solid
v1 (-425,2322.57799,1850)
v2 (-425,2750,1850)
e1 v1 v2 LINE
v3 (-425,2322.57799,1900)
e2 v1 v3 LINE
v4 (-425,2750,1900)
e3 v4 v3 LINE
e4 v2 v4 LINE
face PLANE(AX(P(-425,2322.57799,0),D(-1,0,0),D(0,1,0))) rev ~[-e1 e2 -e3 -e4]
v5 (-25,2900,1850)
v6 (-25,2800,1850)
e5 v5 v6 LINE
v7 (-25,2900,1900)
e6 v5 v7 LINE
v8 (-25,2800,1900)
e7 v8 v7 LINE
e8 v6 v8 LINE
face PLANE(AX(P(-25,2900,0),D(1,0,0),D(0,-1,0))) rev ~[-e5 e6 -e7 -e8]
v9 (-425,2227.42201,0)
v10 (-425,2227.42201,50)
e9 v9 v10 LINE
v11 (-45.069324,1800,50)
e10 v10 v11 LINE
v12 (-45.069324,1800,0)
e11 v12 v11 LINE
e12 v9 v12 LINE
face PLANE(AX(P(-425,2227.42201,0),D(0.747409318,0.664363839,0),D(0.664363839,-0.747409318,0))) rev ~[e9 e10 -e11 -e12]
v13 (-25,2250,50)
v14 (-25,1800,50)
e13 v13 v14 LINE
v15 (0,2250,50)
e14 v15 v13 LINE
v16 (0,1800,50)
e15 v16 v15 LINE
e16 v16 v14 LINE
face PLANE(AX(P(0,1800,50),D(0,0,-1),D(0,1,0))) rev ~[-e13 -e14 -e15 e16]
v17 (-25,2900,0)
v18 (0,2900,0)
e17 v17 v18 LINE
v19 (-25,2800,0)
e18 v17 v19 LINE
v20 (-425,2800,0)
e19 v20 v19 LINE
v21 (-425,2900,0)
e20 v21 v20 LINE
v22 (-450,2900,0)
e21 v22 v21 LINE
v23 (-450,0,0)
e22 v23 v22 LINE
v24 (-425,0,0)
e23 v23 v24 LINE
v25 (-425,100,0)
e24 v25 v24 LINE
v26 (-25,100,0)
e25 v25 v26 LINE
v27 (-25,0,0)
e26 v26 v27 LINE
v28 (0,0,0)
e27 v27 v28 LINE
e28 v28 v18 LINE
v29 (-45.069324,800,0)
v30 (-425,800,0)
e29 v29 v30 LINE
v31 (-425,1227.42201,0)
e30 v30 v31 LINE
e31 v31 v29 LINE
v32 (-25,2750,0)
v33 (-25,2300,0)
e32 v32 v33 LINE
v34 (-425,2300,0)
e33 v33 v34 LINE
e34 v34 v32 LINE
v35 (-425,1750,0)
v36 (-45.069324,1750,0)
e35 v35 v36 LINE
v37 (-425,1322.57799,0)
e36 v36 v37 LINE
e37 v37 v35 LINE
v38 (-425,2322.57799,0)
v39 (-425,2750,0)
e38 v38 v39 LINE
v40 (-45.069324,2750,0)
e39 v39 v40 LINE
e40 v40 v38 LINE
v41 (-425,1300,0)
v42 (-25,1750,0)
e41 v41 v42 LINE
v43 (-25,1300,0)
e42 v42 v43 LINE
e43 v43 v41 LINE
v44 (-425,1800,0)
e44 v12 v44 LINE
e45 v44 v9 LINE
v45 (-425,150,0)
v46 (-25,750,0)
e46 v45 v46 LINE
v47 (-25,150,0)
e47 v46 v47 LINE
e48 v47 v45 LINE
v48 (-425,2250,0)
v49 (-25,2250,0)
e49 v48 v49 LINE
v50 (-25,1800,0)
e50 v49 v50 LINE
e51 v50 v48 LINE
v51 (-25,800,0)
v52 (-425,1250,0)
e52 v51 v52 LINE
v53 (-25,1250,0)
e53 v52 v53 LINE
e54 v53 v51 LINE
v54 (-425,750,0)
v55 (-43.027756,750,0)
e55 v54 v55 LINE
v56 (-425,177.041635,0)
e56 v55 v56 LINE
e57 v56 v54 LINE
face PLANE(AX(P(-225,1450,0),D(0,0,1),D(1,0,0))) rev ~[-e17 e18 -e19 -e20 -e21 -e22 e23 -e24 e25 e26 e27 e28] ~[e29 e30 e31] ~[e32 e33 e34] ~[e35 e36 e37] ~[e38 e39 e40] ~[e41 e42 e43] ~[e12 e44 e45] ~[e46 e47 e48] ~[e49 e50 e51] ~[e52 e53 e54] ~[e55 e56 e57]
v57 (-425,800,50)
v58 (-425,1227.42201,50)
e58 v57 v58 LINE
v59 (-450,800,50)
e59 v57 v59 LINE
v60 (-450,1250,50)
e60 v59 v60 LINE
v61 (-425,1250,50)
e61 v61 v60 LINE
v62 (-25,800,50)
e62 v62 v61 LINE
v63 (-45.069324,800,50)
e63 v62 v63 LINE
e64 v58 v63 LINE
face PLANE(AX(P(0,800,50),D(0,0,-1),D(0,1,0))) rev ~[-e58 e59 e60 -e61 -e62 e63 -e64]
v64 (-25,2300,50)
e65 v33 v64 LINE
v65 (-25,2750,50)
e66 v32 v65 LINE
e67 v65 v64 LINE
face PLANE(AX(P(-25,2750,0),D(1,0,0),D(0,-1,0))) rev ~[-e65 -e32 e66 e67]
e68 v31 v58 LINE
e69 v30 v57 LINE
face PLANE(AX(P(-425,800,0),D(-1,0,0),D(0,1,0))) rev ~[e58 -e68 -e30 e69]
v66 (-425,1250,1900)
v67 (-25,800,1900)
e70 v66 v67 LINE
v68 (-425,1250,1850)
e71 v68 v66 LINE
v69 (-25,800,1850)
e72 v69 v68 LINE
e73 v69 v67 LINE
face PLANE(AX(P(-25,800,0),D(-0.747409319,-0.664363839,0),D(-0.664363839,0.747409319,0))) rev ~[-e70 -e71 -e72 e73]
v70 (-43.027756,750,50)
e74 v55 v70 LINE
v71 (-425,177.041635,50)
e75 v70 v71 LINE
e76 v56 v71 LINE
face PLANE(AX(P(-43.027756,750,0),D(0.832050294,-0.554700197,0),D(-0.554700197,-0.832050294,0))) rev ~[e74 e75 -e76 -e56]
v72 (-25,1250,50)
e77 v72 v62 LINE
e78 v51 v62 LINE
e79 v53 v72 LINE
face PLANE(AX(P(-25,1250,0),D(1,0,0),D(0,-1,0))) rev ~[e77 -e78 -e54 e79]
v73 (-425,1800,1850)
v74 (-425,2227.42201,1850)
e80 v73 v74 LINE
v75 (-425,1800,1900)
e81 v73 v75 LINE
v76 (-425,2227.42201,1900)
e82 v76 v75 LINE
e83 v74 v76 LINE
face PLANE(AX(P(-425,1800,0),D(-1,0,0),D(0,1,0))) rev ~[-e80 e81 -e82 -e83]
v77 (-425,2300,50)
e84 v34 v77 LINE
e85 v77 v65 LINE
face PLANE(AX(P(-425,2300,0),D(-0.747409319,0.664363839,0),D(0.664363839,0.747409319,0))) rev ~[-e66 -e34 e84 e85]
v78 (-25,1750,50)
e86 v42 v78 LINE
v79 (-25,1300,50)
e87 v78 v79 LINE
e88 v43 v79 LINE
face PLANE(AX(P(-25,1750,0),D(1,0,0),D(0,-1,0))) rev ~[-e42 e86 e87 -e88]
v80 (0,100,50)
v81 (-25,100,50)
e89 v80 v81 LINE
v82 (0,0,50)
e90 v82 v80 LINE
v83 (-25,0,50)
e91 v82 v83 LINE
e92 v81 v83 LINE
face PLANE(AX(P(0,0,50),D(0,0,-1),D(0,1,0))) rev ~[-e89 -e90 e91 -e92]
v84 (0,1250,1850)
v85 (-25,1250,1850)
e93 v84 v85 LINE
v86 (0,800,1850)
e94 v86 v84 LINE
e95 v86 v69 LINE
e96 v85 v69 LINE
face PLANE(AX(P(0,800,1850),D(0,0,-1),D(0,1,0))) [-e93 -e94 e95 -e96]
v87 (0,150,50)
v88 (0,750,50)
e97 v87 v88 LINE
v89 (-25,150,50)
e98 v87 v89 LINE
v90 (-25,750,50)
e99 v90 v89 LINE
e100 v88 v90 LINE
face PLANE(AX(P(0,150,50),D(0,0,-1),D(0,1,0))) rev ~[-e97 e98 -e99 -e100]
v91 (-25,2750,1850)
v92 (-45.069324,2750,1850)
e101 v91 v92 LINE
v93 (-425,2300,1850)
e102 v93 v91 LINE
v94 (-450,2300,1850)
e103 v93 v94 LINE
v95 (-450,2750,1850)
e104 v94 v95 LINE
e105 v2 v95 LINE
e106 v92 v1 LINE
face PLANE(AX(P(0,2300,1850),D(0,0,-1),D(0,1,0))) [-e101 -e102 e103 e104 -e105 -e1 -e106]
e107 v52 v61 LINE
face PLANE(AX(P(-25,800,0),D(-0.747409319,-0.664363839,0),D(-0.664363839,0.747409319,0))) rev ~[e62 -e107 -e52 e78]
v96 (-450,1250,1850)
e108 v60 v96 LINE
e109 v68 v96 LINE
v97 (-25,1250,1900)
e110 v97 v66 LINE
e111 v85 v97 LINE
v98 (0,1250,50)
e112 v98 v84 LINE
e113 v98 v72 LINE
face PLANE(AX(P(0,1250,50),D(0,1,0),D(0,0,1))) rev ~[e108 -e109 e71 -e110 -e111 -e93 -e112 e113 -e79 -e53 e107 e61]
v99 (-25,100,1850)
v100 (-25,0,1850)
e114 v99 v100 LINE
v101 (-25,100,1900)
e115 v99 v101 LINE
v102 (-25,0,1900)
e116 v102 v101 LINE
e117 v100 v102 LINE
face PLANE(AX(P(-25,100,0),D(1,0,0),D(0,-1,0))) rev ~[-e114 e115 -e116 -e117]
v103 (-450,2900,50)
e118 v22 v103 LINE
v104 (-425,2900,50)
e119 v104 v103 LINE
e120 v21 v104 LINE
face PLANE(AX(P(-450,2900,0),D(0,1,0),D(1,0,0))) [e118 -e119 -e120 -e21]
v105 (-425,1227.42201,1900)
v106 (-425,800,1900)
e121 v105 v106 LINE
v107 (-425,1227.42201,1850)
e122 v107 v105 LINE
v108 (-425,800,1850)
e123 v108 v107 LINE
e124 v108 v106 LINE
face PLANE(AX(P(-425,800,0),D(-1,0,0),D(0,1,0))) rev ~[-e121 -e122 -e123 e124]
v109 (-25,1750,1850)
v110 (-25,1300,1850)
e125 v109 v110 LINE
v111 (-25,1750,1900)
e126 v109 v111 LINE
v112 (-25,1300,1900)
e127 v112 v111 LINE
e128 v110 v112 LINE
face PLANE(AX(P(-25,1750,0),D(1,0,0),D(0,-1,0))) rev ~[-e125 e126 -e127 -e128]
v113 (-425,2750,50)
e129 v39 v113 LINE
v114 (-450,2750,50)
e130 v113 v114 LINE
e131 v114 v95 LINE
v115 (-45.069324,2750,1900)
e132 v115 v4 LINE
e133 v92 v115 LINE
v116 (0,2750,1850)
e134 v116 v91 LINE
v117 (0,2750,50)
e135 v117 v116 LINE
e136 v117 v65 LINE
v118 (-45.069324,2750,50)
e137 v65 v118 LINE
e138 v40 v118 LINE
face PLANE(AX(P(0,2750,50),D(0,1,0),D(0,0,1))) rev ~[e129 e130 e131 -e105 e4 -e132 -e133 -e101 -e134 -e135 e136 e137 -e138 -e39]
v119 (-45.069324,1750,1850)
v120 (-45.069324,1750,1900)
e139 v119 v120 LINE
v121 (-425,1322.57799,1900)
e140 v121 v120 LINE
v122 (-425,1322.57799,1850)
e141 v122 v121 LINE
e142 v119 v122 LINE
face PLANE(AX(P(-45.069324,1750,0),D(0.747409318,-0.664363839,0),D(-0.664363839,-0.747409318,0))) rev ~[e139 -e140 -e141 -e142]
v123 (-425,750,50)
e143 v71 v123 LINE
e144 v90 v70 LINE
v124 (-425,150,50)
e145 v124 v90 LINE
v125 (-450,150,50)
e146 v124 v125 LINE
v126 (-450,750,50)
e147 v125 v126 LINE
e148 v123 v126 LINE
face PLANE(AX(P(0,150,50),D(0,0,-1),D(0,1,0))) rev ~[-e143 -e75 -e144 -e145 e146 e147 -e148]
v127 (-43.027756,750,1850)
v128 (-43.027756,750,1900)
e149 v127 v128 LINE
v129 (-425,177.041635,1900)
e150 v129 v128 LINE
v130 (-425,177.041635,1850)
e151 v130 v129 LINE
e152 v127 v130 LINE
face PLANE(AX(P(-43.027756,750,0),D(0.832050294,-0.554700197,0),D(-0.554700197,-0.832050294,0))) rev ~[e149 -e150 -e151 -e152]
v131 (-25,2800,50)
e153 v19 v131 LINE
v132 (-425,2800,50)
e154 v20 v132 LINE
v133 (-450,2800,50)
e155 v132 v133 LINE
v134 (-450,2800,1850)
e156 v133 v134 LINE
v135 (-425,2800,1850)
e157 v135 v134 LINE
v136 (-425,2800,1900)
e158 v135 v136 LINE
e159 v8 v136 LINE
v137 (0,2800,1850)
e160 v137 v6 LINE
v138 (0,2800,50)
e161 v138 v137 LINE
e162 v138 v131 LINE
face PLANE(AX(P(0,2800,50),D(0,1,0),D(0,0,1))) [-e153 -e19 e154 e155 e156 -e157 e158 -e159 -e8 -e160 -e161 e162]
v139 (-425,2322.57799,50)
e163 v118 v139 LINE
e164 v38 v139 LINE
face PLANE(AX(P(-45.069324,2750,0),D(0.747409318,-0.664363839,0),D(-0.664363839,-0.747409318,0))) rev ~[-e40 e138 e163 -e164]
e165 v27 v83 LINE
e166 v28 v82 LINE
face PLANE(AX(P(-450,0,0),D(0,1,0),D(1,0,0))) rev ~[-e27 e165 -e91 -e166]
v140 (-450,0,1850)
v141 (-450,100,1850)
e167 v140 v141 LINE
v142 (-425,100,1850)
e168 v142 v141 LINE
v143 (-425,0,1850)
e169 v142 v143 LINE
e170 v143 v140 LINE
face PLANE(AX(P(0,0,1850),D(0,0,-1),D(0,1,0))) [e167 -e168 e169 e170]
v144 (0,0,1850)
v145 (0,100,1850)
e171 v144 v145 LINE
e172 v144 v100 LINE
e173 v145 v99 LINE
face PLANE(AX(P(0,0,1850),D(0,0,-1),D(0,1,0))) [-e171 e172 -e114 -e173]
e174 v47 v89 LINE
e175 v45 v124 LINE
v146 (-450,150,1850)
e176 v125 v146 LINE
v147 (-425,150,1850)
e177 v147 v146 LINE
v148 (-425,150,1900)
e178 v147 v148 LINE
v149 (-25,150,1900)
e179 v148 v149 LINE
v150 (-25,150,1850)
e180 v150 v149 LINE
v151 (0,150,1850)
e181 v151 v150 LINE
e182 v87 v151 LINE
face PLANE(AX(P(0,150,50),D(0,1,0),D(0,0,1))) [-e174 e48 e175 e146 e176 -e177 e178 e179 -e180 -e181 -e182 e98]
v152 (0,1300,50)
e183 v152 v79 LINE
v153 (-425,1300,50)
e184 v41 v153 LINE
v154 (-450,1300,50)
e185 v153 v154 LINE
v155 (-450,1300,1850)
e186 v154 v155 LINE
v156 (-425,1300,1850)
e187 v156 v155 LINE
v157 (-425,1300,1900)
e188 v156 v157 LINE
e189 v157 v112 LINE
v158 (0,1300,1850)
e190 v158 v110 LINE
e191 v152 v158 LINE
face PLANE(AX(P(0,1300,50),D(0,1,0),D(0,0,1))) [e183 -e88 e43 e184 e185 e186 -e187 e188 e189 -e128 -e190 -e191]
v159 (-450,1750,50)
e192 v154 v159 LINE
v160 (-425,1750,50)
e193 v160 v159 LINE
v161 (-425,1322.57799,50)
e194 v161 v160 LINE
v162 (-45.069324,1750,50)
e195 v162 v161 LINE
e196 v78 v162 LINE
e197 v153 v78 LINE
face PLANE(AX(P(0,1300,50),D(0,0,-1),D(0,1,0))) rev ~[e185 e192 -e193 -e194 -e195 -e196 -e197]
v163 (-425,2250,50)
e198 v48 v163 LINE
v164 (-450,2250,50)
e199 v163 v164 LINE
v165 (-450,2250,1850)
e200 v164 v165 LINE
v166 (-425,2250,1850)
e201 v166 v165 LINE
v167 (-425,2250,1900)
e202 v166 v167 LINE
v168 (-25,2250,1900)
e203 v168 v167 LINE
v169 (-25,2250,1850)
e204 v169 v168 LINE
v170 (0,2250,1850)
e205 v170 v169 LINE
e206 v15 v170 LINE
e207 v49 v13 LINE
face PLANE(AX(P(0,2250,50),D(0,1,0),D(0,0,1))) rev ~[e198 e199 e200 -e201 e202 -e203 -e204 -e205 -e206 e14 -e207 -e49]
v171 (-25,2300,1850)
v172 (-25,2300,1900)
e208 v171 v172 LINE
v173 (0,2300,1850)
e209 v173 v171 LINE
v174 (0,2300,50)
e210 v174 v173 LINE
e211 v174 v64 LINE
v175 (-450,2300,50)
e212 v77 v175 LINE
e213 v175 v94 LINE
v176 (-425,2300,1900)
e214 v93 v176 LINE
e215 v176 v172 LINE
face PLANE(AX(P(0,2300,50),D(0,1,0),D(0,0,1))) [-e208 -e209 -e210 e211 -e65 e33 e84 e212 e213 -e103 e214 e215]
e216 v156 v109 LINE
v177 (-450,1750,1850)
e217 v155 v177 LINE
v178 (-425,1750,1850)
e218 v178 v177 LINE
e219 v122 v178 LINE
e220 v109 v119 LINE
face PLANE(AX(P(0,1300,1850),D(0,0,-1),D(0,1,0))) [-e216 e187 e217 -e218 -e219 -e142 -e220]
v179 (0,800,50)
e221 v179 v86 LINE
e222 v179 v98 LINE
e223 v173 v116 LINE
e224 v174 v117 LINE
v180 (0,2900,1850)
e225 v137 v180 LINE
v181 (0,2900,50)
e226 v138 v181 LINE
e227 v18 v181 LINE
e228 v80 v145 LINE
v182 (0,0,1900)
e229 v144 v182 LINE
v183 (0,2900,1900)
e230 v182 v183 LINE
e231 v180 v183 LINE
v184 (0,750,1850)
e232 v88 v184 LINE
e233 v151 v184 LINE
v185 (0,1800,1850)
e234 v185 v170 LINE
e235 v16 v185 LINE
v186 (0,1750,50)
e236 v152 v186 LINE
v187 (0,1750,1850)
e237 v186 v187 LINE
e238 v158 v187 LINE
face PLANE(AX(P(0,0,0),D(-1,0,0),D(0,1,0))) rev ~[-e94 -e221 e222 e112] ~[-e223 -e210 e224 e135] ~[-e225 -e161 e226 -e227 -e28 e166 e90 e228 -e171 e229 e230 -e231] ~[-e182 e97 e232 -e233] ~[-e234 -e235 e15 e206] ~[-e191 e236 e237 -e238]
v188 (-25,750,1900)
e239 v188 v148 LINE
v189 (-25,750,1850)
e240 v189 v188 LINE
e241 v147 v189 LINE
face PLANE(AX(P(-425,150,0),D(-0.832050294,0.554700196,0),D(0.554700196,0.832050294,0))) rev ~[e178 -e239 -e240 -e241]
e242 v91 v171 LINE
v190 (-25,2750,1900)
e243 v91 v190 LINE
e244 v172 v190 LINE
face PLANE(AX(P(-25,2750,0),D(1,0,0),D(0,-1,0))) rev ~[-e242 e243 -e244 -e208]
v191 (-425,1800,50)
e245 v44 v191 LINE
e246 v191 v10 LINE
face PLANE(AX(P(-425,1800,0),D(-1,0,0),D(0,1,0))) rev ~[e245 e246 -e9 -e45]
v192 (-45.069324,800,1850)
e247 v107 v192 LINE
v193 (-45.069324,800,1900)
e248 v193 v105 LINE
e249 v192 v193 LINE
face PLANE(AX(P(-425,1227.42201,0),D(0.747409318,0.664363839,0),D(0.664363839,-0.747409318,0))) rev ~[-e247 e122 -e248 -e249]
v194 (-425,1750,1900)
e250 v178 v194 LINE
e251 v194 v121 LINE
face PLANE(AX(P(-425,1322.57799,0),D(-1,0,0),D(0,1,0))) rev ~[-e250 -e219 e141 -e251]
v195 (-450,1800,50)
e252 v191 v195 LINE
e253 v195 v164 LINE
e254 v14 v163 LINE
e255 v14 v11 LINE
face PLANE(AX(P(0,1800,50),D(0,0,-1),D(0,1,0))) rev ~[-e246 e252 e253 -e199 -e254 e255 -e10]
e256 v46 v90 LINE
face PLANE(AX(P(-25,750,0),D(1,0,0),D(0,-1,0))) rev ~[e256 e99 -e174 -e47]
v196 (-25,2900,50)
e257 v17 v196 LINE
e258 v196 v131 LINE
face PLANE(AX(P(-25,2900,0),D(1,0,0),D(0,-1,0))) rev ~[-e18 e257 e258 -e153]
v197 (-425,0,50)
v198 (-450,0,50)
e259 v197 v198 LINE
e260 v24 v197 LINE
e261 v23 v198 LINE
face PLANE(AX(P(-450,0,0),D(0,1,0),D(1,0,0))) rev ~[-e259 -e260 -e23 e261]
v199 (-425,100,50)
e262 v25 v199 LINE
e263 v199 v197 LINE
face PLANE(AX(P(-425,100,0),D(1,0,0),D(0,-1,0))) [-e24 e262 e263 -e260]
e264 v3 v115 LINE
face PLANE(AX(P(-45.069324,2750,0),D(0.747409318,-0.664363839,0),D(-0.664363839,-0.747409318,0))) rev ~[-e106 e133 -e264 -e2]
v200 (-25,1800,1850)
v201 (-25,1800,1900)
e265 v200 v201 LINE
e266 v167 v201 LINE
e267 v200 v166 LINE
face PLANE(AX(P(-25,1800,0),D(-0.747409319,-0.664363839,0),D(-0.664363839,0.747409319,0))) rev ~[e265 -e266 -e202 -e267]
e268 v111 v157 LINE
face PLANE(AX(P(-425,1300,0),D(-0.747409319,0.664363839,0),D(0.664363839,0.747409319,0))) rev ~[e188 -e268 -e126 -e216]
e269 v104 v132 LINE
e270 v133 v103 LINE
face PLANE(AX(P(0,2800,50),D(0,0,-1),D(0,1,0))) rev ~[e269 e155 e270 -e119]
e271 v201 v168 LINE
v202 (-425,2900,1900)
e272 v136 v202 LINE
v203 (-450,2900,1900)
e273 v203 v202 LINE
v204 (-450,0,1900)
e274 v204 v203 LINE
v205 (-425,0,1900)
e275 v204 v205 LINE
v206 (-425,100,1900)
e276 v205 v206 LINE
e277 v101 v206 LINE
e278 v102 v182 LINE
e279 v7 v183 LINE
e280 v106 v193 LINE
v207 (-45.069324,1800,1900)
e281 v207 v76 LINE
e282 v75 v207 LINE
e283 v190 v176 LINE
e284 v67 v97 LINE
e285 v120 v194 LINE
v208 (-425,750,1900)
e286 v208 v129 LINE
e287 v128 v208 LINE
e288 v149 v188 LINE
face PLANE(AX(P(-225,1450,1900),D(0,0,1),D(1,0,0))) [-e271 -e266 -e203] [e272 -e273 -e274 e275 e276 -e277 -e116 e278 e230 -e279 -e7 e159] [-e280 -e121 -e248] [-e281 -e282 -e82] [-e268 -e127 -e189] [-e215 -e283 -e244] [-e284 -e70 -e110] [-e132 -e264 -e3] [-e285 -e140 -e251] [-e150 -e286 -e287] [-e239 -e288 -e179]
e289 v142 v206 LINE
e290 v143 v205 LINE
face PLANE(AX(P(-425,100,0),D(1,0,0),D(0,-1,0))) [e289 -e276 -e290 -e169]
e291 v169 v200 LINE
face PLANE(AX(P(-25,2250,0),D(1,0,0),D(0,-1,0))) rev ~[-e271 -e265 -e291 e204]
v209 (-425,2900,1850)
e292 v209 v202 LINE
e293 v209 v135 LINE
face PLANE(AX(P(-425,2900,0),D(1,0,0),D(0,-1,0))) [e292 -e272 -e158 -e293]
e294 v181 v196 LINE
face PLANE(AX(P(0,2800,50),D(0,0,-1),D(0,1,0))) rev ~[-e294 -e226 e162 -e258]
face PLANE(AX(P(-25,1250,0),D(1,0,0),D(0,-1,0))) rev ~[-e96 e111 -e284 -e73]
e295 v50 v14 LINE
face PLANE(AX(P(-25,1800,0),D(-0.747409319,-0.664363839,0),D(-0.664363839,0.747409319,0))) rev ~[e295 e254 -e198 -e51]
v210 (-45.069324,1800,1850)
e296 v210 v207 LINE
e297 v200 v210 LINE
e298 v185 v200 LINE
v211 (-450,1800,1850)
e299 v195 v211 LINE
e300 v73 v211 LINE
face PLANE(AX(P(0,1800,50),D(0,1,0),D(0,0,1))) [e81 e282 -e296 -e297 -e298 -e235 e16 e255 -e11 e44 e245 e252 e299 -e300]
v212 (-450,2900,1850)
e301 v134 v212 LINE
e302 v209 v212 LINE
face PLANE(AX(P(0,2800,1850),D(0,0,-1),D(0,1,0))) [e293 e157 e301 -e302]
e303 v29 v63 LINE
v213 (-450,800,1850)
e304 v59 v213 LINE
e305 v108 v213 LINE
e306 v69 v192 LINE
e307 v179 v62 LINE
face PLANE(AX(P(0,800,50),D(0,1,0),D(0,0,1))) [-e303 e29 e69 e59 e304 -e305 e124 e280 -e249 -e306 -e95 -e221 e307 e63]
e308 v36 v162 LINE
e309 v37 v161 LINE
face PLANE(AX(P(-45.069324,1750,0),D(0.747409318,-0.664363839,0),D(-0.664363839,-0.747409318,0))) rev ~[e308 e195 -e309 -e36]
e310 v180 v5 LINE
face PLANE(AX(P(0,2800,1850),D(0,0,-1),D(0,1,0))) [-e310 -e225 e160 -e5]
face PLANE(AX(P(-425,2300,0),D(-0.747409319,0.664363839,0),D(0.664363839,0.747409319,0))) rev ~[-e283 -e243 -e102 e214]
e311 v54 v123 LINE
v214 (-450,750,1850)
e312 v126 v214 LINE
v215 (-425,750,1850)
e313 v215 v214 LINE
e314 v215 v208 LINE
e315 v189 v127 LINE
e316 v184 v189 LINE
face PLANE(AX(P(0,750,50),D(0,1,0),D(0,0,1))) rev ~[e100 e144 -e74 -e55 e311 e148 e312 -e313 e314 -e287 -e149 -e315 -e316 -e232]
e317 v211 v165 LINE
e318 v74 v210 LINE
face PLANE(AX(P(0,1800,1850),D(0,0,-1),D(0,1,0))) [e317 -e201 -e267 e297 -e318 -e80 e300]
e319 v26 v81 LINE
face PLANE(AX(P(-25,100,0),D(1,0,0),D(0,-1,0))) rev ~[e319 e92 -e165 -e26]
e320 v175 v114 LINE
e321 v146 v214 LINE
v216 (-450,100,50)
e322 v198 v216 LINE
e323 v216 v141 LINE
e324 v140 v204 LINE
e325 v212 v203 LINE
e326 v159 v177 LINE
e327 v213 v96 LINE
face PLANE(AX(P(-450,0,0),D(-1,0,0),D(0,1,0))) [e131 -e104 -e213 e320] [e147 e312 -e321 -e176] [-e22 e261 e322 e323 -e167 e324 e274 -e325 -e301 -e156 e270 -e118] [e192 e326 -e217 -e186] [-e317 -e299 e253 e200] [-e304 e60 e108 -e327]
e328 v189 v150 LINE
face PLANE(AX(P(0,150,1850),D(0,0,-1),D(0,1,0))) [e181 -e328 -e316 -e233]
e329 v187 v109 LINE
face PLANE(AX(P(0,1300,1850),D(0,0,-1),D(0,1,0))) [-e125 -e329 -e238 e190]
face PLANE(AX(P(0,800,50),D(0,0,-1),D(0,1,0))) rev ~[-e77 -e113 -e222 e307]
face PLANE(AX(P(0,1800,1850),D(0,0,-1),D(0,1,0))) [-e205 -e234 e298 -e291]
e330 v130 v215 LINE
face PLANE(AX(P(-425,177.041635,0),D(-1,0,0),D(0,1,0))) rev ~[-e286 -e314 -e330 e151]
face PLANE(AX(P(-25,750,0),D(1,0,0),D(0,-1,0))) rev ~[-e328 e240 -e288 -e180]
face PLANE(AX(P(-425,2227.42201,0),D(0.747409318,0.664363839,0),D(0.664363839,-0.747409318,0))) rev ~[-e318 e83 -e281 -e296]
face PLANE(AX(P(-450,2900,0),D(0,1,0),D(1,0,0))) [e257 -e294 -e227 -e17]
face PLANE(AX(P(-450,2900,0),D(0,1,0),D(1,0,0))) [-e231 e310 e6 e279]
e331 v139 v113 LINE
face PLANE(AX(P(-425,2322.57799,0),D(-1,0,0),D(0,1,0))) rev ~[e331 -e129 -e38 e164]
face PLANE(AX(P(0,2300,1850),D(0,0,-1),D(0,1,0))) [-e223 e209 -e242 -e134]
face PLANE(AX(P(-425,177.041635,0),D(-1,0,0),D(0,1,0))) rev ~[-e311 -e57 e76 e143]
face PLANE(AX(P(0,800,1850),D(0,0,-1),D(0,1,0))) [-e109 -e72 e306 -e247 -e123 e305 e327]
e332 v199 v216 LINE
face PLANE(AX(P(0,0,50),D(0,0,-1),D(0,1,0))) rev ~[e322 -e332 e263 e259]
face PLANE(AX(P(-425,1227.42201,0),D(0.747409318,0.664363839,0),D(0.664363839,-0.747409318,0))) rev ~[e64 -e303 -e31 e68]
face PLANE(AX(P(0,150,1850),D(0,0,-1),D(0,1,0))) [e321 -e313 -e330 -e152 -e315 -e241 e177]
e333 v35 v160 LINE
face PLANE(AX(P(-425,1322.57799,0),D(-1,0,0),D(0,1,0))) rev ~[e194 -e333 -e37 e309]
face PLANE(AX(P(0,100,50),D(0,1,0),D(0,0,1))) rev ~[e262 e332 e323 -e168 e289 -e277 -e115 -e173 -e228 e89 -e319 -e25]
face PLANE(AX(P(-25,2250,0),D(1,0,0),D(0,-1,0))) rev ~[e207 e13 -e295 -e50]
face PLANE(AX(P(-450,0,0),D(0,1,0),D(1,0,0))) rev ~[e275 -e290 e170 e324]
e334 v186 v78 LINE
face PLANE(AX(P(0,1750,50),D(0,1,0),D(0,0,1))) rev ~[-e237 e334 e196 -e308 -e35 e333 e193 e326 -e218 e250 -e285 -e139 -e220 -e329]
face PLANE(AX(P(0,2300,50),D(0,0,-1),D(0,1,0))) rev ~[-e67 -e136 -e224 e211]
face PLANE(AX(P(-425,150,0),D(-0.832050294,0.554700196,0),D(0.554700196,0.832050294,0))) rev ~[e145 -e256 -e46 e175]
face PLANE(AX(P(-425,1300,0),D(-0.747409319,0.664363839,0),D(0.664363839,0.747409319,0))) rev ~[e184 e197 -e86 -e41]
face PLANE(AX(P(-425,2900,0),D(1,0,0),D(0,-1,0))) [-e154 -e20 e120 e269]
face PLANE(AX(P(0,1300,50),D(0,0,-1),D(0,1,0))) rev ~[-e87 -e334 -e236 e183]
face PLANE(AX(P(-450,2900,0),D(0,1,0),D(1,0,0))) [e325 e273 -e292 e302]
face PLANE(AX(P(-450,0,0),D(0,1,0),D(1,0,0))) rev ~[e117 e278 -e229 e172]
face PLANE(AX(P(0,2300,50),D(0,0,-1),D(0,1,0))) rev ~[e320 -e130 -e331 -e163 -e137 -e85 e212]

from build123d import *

# Parameters (mm, degrees)
F0_W     = 450
F0_H     = 2900
F1_DEPTH = 1900
F2_W     = 100
F2_H     = 1800
F2_W_2   = 600
F2_W_3   = 450
F3_DEPTH = 450
F4_W     = 400
F4_H     = 100
F5_DEPTH = 2900


with BuildPart() as f1:
    # F0 (on Top) → F1 (new body)
    with BuildSketch(Plane.XY):
        with Locations((-225, 1450)):
            Rectangle(F0_W, F0_H)
    extrude(amount=F1_DEPTH)

    # F2 (on face) → F3 (cut)
    with BuildSketch(Plane.YZ):
        with Locations((50, 950)):
            Rectangle(F2_W, F2_H)
        with Locations((450, 950)):
            Rectangle(F2_W_2, F2_H)
        with Locations((1025, 950)):
            Rectangle(F2_W_3, F2_H)
        with Locations((1525, 950)):
            Rectangle(F2_W_3, F2_H)
        with Locations((2025, 950)):
            Rectangle(F2_W_3, F2_H)
        with Locations((2525, 950)):
            Rectangle(F2_W_3, F2_H)
        with Locations((2850, 950)):
            Rectangle(F2_W, F2_H)
    extrude(amount=-F3_DEPTH, mode=Mode.SUBTRACT)

    # F4 (on face) → F5 (cut)
    with BuildSketch(Plane(origin=(0, 0, 0), x_dir=(1, 0, 0), z_dir=(0, 0, -1))):
        with Locations((-225, -50)):
            Rectangle(F4_W, F4_H)
        Polygon((-25, -150), (-425, -150), (-25, -750), align=None)
        Polygon((-425, -177.041635), (-425, -750), (-43.027756, -750), align=None)
        Polygon((-45.069324, -800), (-425, -800), (-425, -1227.42201), align=None)
        Polygon((-25, -800), (-425, -1250), (-25, -1250), align=None)
        Polygon((-25, -1300), (-425, -1300), (-25, -1750), align=None)
        Polygon((-425, -1322.57799), (-425, -1750), (-45.069324, -1750), align=None)
        Polygon((-45.069324, -1800), (-425, -1800), (-425, -2227.42201), align=None)
        Polygon((-25, -1800), (-425, -2250), (-25, -2250), align=None)
        Polygon((-425, -2322.57799), (-425, -2750), (-45.069324, -2750), align=None)
        Polygon((-25, -2300), (-425, -2300), (-25, -2750), align=None)
        with Locations((-225, -2850)):
            Rectangle(F4_W, F4_H)
    extrude(amount=-F5_DEPTH, mode=Mode.SUBTRACT)


solid = f1.part
